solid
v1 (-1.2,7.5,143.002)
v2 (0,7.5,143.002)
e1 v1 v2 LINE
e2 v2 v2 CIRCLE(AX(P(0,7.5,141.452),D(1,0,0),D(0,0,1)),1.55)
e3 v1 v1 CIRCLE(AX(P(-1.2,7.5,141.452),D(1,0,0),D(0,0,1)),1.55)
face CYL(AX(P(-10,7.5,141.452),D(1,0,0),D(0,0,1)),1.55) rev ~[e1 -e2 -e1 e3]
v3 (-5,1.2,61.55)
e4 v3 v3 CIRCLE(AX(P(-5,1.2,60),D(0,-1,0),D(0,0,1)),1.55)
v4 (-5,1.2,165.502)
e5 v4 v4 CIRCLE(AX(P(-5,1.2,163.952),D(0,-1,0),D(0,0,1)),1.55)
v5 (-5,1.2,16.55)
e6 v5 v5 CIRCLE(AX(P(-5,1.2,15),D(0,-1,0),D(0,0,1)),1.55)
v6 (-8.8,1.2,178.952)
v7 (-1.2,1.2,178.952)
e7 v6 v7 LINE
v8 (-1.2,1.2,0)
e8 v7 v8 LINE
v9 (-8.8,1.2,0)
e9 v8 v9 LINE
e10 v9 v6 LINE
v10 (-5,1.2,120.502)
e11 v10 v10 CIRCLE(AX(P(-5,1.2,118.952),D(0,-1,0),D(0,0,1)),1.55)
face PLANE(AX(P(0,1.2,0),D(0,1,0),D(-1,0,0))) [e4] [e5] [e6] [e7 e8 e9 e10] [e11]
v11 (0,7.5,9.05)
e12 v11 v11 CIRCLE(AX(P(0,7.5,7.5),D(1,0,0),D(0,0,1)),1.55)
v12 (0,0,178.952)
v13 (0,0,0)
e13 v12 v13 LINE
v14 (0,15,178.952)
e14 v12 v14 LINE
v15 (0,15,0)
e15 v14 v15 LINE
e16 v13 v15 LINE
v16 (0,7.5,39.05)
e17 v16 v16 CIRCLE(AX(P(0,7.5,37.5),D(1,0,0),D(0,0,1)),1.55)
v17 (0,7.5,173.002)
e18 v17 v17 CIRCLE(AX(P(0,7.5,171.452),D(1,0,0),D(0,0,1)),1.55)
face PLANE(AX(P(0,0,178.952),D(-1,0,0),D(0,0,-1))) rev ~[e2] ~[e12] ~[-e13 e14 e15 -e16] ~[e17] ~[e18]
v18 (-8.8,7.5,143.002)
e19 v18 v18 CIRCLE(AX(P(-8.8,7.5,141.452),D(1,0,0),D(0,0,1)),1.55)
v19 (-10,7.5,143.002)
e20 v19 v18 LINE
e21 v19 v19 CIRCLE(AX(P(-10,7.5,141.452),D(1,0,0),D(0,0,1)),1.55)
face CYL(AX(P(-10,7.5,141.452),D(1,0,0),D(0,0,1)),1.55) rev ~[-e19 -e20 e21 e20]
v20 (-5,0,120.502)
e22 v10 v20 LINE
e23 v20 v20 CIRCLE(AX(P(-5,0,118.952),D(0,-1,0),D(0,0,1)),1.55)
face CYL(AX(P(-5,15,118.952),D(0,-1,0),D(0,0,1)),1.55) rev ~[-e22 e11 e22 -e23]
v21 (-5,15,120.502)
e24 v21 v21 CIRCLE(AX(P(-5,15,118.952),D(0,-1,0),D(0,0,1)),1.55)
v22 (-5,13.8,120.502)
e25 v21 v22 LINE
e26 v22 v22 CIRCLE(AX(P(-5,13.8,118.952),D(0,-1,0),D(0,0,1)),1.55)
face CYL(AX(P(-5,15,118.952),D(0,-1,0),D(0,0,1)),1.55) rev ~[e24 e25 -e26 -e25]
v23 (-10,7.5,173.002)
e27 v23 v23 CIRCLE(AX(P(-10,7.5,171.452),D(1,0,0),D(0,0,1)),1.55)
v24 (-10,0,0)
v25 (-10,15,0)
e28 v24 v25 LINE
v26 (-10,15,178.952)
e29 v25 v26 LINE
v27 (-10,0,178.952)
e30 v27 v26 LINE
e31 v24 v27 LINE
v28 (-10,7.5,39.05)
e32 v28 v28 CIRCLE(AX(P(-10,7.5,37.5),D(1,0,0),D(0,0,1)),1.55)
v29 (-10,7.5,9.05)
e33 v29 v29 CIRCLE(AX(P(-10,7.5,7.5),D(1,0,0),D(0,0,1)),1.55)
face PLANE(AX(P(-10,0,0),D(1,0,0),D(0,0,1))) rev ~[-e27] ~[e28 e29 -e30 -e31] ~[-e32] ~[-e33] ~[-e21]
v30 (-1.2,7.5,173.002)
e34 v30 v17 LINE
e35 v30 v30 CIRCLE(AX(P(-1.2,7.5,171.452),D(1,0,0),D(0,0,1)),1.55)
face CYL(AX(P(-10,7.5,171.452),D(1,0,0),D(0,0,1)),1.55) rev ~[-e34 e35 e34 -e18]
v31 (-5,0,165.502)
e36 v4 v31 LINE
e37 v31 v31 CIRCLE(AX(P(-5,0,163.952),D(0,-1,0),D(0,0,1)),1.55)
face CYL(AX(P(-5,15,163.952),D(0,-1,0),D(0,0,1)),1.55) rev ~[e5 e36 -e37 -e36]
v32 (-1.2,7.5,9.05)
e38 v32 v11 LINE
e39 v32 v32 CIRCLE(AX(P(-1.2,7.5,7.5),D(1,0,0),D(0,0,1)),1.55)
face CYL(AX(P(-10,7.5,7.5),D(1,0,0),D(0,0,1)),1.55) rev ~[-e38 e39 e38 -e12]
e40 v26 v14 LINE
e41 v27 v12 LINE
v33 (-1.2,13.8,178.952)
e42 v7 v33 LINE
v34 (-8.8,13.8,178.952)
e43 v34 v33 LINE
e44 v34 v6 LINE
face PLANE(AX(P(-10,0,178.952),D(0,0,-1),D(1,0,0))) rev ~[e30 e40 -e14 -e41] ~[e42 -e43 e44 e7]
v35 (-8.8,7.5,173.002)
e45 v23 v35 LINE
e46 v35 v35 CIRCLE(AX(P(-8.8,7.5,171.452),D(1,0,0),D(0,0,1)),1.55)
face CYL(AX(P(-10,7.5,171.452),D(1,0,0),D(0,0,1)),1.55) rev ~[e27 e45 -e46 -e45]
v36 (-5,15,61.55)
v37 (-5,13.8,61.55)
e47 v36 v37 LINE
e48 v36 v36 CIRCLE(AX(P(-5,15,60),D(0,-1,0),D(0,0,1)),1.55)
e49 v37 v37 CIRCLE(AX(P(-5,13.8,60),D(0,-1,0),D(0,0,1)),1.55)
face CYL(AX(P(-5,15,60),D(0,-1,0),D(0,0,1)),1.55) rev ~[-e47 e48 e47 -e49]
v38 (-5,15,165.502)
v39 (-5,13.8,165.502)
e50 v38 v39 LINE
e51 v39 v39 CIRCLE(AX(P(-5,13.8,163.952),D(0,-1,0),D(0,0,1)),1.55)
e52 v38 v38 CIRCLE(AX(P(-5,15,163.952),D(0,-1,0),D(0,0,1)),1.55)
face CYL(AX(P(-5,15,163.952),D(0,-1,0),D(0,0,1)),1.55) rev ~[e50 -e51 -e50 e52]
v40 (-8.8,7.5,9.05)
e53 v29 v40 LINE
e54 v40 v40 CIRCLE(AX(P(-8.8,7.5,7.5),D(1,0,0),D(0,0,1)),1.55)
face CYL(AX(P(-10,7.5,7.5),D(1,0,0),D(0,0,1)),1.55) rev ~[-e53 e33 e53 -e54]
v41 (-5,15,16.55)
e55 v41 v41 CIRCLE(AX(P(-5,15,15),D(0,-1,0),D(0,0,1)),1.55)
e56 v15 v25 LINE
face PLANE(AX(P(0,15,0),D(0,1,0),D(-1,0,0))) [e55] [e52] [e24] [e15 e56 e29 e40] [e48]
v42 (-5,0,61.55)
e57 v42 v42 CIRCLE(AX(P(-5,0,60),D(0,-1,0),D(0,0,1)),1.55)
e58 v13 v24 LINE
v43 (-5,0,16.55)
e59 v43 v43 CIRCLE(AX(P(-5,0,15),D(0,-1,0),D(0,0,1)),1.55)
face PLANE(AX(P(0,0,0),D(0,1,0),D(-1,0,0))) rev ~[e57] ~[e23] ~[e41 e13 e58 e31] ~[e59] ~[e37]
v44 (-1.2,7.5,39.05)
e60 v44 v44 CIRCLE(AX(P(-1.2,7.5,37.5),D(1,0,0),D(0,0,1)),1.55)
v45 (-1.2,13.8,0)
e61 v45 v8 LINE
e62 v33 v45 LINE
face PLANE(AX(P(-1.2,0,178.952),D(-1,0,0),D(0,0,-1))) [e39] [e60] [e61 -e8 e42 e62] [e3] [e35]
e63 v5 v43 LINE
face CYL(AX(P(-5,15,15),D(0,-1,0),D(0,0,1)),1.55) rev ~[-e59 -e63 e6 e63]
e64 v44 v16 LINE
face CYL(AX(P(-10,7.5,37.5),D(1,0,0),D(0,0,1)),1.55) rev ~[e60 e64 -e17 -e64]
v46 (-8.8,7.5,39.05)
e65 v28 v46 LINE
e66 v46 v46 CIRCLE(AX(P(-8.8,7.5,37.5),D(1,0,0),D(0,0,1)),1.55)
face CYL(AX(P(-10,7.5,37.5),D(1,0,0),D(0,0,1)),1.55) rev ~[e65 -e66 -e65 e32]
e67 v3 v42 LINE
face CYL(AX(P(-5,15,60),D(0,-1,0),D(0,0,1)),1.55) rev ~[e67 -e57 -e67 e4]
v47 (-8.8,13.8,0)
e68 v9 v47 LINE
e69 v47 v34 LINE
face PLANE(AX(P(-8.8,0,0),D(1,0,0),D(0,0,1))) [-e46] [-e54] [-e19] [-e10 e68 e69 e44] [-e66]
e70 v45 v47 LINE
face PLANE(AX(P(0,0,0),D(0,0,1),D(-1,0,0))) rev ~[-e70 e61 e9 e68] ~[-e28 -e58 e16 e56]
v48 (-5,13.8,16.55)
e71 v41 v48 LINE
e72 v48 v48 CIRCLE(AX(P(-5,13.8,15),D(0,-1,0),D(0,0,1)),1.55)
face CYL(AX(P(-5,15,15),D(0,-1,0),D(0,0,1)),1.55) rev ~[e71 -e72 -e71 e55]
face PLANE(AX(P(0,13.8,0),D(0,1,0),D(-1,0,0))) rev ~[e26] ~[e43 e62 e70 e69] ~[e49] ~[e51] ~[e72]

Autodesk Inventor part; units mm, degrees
ref_plane "YZ Plane" through (0, 0, 0) normal (1, 0, 0) x (0, 1, 0)
ref_plane "XZ Plane" through (0, 0, 0) normal (0, 1, 0) x (-1, 0, 0)
ref_plane "XY Plane" through (0, 0, 0) normal (0, 0, 1) x (1, 0, 0)
sketch "スケッチ1" plane through (0, 0, 0) normal (0, 1, 0) x (-1, 0, 0)
  line L0 (0, 0) -> (10, 0)
  line L1 (10, 0) -> (10, 178.952)
  line L2 (10, 178.952) -> (0, 178.952)
  line L3 (0, 178.952) -> (0, 0)
  dimension "d0" = 10
  dimension "d1" = 178.952
extrude "押し出し1" add sketch "スケッチ1" along normal blind 15
shell "シェル1" thickness 1.2 removed faces 2 at (-3.3333, 5, 0) at (-6.6667, 5, 178.952)
sketch "スケッチ2" plane through (-10, 0, 0) normal (-1, 0, 0) x (0, 0, 1)
  line L0 (0, 1.2) -> (0, 13.8) projected
  line L1 (0, 7.5) -> (178.952, 7.5)
  line L2 (178.952, 1.2) -> (178.952, 13.8) projected
  point P0 (0, 0)
  point P1 (171.452, 7.5)
  point P2 (141.452, 7.5)
  point P3 (7.5, 7.5)
  point P4 (37.5, 7.5)
  dimension "d5" = 7.5
  dimension "d6" = 30
  dimension "d7" = 7.5
  dimension "d8" = 30
hole "穴1" at (-10, 7.5, 171.452) at (-10, 7.5, 141.452) at (-10, 7.5, 7.5) at (-10, 7.5, 37.5) direction (1, 0, 0) diameter 3.1 end through all
sketch "スケッチ3" plane through (0, 15, 0) normal (0, 1, 0) x (1, 0, 0)
  line L0 (0, 0) -> (-10, 0) projected
  line L1 (-5, 0) -> (-5, -178.952)
  line L2 (-10, -178.952) -> (0, -178.952) projected
  point P0 (-5, -15)
  point P1 (-5, -60)
  point P2 (-5, -163.952)
  point P3 (-5, -118.952)
  dimension "d16" = 15
  dimension "d17" = 45
  dimension "d18" = 15
  dimension "d19" = 45
hole "穴2" at (-5, 15, 15) at (-5, 15, 60) at (-5, 15, 163.952) at (-5, 15, 118.952) direction (0, -1, 0) diameter 3.1 end through all
sketch "スケッチ4" plane through (0, 15, 0) normal (0, 1, 0) x (1, 0, 0)
  circle A0 centre (-5, -118.952) radius 1.55 projected
  circle A1 centre (-5, -60) radius 1.55 projected
  line L0 (-5, -118.952) -> (-5, -60)
  line L1 (-5, -89.476) -> (-135, -89.476)
  circle A2 centre (-70, -90.476) radius 88
  line L2 (-70, -90.476) -> (-7.7746, -28.2506)
  line L3 (-5, -90.476) -> (-135, -90.476)
  point P0 (0, 0)
  point P1 (-132.2254, -28.2506)
  point P2 (-132.2254, -152.7014)
  point P3 (-7.7746, -152.7014)
  dimension "d30" = 176
  dimension "d27" = 130
  dimension "d34" = 360
  dimension "d47" = 1
hole "穴3" [suppressed]
properties part number "base_pipe1" material "アルミニウム 6061"
